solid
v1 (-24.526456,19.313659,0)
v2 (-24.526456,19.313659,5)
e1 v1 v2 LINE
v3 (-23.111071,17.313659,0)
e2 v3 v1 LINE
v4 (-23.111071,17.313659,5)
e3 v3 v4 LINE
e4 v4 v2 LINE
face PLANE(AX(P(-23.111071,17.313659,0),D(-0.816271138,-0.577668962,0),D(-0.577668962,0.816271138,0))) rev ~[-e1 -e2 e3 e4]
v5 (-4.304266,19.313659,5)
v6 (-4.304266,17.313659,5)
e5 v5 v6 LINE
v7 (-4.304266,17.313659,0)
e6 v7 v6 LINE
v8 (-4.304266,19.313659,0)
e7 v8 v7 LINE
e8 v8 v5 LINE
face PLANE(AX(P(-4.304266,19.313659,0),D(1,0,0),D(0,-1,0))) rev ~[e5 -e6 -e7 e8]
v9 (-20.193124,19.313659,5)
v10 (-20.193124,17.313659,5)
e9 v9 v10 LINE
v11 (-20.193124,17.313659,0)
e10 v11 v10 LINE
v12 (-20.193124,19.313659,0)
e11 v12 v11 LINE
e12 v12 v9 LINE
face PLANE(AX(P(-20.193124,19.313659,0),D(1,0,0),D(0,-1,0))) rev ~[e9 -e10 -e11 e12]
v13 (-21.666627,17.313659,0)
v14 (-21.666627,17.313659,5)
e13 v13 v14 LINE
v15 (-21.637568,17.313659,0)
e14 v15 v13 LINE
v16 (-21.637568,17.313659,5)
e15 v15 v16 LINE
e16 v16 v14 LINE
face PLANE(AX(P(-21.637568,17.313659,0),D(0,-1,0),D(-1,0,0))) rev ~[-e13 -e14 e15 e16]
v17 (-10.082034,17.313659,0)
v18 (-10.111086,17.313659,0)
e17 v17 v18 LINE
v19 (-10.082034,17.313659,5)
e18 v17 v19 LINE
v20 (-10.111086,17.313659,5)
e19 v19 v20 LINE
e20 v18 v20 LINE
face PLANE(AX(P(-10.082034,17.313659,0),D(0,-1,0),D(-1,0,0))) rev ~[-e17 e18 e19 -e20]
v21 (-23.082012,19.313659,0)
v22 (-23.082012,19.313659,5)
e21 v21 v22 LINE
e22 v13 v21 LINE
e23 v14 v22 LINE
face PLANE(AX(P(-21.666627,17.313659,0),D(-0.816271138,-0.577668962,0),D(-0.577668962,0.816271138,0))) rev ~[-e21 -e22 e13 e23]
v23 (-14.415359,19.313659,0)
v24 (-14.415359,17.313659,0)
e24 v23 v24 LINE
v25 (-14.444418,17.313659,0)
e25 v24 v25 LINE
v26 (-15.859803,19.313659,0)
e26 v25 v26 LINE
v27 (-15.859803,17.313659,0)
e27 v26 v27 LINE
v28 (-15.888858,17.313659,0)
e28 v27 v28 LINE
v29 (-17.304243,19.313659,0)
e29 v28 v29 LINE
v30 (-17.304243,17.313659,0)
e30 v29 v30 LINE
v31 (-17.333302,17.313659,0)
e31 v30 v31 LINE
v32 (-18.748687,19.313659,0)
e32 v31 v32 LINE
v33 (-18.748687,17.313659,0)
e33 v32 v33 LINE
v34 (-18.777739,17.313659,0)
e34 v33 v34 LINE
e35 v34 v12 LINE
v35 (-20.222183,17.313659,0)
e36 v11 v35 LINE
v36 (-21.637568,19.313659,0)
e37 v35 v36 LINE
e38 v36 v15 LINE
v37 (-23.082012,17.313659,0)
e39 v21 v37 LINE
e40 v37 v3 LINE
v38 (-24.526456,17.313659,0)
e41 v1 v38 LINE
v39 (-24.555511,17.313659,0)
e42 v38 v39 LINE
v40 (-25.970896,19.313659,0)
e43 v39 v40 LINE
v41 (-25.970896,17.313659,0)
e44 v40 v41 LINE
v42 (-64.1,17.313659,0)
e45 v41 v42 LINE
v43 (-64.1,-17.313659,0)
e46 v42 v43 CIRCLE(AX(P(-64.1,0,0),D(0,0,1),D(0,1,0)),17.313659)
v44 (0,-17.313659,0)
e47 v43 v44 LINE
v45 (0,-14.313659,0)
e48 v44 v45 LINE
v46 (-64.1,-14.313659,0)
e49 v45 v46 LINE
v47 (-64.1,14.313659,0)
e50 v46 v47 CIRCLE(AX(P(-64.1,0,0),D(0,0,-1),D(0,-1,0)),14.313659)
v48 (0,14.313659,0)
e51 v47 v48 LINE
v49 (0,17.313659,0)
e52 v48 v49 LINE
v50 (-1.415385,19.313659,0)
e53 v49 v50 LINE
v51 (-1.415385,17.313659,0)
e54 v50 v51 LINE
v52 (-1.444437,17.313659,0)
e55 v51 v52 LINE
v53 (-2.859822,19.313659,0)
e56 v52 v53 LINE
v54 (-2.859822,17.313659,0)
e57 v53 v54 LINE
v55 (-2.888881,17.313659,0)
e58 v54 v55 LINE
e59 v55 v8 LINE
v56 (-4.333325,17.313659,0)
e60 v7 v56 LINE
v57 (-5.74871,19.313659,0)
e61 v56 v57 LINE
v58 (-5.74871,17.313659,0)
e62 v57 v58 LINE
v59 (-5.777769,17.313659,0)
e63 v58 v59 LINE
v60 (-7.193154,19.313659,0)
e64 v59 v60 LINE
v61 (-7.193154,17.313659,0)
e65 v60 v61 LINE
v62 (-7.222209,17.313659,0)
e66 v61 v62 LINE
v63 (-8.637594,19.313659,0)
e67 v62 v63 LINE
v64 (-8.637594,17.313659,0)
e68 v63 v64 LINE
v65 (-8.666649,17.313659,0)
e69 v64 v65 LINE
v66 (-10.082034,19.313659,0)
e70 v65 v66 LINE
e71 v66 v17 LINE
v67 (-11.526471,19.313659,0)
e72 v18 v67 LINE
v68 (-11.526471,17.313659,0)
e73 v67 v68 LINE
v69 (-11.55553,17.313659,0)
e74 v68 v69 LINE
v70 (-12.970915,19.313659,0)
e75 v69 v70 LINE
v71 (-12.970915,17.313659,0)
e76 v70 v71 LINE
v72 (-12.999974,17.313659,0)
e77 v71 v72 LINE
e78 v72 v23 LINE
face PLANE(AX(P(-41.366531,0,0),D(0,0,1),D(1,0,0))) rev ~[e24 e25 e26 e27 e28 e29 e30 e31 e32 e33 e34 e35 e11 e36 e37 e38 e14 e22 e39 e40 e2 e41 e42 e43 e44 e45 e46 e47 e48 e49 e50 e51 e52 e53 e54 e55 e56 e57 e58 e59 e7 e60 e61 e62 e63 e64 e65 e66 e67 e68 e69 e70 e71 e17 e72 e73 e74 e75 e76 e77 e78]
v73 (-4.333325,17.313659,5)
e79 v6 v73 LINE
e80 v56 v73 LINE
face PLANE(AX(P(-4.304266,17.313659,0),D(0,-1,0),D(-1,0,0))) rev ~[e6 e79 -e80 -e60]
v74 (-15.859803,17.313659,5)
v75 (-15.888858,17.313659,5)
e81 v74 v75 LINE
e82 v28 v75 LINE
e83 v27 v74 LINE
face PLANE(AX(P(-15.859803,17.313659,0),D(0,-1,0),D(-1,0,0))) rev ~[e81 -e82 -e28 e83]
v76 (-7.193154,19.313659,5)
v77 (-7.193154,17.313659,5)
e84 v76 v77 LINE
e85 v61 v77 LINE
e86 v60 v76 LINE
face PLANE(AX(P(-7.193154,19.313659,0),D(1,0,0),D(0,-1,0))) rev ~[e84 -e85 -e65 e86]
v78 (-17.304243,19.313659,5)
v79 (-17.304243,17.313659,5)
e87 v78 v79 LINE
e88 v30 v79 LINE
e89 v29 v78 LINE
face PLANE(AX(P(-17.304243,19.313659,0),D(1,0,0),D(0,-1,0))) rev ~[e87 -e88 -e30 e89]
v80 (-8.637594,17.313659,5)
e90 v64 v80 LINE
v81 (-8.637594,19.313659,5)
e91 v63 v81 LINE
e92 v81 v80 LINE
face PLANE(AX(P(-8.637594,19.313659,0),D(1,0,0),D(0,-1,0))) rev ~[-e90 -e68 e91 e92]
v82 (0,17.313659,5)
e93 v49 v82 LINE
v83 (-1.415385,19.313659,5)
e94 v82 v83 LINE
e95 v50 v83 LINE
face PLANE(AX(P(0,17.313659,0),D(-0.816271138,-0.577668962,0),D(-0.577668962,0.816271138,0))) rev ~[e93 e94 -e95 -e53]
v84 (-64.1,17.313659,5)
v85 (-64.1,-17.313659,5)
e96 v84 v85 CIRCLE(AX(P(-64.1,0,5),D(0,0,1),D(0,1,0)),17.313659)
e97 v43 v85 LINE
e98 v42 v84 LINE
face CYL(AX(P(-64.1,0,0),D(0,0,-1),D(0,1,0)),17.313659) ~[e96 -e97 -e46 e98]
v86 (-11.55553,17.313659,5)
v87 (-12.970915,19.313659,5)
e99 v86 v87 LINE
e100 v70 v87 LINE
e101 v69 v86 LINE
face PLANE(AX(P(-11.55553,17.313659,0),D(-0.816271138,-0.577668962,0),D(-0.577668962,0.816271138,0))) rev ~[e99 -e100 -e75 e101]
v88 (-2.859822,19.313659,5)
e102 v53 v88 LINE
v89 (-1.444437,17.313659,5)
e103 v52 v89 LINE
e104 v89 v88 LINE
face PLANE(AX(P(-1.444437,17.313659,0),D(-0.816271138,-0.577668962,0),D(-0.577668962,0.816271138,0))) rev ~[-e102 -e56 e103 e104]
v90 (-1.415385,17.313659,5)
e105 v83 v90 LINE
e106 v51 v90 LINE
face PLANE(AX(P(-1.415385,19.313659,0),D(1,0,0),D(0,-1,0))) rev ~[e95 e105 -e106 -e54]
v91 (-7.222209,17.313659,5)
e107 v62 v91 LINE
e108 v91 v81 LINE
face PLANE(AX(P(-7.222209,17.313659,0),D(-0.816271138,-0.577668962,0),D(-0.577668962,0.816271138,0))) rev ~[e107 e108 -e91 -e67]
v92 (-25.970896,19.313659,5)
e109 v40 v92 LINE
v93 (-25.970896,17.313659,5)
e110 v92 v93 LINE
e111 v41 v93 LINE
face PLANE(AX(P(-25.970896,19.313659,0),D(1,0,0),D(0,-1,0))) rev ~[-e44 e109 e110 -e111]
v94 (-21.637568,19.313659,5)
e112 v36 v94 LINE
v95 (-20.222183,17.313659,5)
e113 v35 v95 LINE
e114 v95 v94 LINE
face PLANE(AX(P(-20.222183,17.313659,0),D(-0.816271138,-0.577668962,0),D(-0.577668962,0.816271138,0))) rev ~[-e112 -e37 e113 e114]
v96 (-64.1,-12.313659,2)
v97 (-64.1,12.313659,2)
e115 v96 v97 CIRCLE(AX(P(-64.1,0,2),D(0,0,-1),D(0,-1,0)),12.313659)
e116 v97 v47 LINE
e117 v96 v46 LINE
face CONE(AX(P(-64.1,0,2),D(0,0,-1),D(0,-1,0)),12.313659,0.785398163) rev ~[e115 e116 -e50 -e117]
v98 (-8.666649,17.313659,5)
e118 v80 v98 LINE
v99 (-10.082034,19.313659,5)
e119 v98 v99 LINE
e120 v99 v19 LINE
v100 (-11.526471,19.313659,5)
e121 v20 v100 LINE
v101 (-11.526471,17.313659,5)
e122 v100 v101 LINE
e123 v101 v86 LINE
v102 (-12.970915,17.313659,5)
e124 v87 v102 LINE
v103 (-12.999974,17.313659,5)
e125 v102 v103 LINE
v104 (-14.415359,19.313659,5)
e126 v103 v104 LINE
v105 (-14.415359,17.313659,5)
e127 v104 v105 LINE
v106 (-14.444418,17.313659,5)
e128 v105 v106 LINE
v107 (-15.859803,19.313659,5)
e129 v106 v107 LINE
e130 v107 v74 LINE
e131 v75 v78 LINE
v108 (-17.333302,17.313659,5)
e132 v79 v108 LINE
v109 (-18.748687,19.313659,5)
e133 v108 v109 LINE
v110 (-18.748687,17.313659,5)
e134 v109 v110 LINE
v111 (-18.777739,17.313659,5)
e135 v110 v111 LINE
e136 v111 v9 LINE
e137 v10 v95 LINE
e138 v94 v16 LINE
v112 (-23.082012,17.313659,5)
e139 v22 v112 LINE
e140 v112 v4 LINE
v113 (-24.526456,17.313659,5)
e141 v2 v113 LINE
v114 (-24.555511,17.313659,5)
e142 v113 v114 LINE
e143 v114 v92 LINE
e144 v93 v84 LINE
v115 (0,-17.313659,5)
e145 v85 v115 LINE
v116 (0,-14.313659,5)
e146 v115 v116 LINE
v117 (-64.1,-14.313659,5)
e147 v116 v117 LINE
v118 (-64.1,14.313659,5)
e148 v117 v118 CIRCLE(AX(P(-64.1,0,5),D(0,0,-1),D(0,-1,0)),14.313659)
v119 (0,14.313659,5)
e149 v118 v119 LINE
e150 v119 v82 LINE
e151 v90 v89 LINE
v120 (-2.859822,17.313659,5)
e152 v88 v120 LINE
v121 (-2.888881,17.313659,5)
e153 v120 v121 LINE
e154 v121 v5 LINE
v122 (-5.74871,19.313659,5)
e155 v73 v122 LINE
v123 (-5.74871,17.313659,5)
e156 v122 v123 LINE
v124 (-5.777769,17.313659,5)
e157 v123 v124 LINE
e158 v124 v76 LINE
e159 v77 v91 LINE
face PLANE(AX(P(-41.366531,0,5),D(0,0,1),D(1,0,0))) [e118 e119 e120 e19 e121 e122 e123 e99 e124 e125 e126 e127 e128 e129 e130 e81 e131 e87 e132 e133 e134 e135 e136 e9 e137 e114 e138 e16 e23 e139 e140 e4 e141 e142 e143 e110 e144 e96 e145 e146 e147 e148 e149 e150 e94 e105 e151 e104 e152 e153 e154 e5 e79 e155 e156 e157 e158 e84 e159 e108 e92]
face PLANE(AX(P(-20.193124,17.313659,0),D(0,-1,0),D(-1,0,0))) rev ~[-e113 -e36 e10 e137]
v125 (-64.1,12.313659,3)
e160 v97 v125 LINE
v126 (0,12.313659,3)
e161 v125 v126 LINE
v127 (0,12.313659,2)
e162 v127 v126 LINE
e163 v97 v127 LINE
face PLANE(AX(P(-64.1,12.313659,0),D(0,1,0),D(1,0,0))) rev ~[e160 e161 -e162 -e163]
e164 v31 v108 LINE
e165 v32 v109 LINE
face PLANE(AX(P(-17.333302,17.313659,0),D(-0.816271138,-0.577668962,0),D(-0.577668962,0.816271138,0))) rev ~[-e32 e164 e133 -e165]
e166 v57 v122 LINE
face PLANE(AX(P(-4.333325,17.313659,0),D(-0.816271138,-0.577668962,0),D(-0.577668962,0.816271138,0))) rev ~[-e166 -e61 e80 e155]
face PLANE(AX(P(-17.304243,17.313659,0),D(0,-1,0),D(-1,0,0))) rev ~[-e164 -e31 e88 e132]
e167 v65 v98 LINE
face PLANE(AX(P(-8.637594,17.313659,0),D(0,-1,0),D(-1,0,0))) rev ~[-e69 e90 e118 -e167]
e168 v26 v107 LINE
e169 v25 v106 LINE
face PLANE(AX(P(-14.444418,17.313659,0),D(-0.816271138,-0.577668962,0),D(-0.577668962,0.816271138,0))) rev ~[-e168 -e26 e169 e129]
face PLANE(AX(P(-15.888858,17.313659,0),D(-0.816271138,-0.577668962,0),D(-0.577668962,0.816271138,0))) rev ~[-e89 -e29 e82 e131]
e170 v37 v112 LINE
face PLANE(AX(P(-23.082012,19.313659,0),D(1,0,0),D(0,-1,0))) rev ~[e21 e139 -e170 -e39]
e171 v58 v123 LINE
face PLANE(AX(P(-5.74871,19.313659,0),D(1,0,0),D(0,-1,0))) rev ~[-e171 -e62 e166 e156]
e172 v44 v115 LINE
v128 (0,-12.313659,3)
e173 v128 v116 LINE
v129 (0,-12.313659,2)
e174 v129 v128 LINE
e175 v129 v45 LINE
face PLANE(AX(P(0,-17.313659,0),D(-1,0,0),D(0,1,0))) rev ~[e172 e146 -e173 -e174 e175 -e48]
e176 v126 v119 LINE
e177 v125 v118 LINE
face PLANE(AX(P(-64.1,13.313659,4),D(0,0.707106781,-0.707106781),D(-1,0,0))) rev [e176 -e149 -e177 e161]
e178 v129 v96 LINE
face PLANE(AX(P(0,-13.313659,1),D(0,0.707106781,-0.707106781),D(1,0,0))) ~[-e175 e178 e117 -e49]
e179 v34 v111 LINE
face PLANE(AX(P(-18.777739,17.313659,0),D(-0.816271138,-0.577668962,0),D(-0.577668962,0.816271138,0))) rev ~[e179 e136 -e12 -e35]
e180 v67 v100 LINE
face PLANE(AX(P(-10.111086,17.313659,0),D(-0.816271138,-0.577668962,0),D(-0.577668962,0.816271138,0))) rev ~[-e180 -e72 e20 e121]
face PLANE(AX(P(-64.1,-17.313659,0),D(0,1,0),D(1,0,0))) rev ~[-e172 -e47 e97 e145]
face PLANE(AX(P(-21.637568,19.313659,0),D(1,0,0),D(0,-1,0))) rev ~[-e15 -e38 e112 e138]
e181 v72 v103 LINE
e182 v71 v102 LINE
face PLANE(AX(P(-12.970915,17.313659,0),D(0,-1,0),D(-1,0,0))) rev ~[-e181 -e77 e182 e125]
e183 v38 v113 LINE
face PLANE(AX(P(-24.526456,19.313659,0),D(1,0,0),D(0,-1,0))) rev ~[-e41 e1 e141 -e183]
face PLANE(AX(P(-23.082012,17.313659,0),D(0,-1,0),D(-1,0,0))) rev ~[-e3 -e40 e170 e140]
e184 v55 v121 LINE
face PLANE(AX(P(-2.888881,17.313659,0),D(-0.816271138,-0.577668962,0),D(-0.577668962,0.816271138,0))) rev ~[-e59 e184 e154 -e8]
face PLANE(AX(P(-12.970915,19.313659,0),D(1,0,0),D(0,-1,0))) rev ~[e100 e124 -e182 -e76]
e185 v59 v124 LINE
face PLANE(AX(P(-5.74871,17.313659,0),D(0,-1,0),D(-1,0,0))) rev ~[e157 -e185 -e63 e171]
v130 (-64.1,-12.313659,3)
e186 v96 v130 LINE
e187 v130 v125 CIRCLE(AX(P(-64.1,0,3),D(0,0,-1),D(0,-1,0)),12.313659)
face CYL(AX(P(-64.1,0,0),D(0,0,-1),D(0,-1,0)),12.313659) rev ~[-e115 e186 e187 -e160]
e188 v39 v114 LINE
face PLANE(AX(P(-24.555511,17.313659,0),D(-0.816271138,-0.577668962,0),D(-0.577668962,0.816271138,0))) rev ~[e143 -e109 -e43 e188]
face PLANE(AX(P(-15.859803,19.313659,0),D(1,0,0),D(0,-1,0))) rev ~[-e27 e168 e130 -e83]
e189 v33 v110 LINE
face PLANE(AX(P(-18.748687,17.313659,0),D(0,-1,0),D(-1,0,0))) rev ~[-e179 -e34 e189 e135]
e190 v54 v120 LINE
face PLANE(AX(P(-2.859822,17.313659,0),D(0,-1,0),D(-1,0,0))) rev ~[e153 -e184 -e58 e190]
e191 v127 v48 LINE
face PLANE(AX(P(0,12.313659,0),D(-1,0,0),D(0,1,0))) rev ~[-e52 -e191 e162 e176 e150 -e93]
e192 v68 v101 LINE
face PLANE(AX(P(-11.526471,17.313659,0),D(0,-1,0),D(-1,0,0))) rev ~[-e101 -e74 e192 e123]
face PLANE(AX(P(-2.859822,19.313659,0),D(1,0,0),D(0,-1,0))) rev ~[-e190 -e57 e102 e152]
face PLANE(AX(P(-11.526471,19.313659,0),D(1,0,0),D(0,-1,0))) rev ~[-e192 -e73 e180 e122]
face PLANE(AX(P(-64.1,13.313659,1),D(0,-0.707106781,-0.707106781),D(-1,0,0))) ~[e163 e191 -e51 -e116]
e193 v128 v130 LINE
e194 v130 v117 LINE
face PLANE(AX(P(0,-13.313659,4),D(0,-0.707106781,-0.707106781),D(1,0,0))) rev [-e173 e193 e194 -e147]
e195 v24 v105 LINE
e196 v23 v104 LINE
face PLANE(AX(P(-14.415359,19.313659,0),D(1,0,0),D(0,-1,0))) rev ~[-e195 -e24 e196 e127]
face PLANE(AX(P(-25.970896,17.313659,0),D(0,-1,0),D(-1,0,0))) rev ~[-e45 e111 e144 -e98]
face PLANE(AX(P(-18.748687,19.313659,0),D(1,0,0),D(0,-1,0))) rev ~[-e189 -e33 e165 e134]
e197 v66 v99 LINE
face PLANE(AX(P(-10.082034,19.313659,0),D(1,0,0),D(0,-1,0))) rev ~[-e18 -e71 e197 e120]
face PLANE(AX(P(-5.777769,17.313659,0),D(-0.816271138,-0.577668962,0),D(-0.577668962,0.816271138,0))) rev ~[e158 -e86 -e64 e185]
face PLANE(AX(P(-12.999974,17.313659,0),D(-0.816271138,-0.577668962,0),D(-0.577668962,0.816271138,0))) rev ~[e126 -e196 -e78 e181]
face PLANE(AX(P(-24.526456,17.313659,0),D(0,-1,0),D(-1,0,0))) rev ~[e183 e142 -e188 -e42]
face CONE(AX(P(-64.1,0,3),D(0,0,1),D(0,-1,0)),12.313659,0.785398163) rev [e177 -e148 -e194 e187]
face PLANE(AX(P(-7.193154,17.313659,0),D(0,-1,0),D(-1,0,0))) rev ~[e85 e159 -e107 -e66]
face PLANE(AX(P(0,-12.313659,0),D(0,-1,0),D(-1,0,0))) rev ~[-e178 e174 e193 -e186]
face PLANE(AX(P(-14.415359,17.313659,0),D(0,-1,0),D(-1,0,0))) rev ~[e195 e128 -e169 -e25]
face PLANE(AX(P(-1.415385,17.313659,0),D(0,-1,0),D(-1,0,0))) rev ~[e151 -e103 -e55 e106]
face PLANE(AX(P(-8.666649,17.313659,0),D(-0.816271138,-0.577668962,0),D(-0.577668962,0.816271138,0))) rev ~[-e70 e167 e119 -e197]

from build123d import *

# Parameters (mm, degrees)
F1_DEPTH = 5
F2_SIZE  = 2


with BuildPart() as f1:
    # F0 (on Top) → F1 (new body)
    with BuildSketch(Plane.XY):
        with BuildLine():
            ThreePointArc((-64.1, -12.313659), (-76.413659, 0), (-64.1, 12.313659))
            Line((-64.1, 12.313659), (0, 12.313659))
            Line((0, 12.313659), (0, 17.313659))
            Line((0, 17.313659), (-1.415385, 17.313659))
            Line((-1.415385, 17.313659), (-1.444437, 17.313659))
            Line((-1.444437, 17.313659), (-2.859822, 17.313659))
            Line((-2.859822, 17.313659), (-2.888881, 17.313659))
            Line((-2.888881, 17.313659), (-4.304266, 17.313659))
            Line((-4.304266, 17.313659), (-4.333325, 17.313659))
            Line((-4.333325, 17.313659), (-5.74871, 17.313659))
            Line((-5.74871, 17.313659), (-5.777769, 17.313659))
            Line((-5.777769, 17.313659), (-7.193154, 17.313659))
            Line((-7.193154, 17.313659), (-7.222209, 17.313659))
            Line((-7.222209, 17.313659), (-8.637594, 17.313659))
            Line((-8.637594, 17.313659), (-8.666649, 17.313659))
            Line((-8.666649, 17.313659), (-10.082034, 17.313659))
            Line((-10.082034, 17.313659), (-10.111086, 17.313659))
            Line((-10.111086, 17.313659), (-11.526471, 17.313659))
            Line((-11.526471, 17.313659), (-11.55553, 17.313659))
            Line((-11.55553, 17.313659), (-12.970915, 17.313659))
            Line((-12.970915, 17.313659), (-12.999974, 17.313659))
            Line((-12.999974, 17.313659), (-14.415359, 17.313659))
            Line((-14.415359, 17.313659), (-14.444418, 17.313659))
            Line((-14.444418, 17.313659), (-15.859803, 17.313659))
            Line((-15.859803, 17.313659), (-15.888858, 17.313659))
            Line((-15.888858, 17.313659), (-17.304243, 17.313659))
            Line((-17.304243, 17.313659), (-17.333302, 17.313659))
            Line((-17.333302, 17.313659), (-18.748687, 17.313659))
            Line((-18.748687, 17.313659), (-18.777739, 17.313659))
            Line((-18.777739, 17.313659), (-20.193124, 17.313659))
            Line((-20.193124, 17.313659), (-20.222183, 17.313659))
            Line((-20.222183, 17.313659), (-21.637568, 17.313659))
            Line((-21.637568, 17.313659), (-21.666627, 17.313659))
            Line((-21.666627, 17.313659), (-23.082012, 17.313659))
            Line((-23.082012, 17.313659), (-23.111071, 17.313659))
            Line((-23.111071, 17.313659), (-24.526456, 17.313659))
            Line((-24.526456, 17.313659), (-24.555511, 17.313659))
            Line((-24.555511, 17.313659), (-25.970896, 17.313659))
            Line((-25.970896, 17.313659), (-64.1, 17.313659))
            ThreePointArc((-64.1, 17.313659), (-81.413659, 0), (-64.1, -17.313659))
            Line((-64.1, -17.313659), (0, -17.313659))
            Line((0, -17.313659), (0, -12.313659))
            Line((0, -12.313659), (-64.1, -12.313659))
        make_face()
        Polygon((-8.637594, 17.313659), (-7.222209, 17.313659), (-8.637594, 19.313659), align=None)
        Polygon((-11.526471, 17.313659), (-10.111086, 17.313659), (-11.526471, 19.313659), align=None)
        Polygon((-10.082034, 17.313659), (-8.666649, 17.313659), (-10.082034, 19.313659), align=None)
        Polygon((-12.970915, 17.313659), (-11.55553, 17.313659), (-12.970915, 19.313659), align=None)
        Polygon((-1.415385, 17.313659), (0, 17.313659), (-1.415385, 19.313659), align=None)
        Polygon((-21.637568, 19.313659), (-21.637568, 17.313659), (-20.222183, 17.313659), align=None)
        Polygon((-14.415359, 17.313659), (-12.999974, 17.313659), (-14.415359, 19.313659), align=None)
        Polygon((-7.193154, 17.313659), (-5.777769, 17.313659), (-7.193154, 19.313659), align=None)
        Polygon((-15.859803, 19.313659), (-15.859803, 17.313659), (-14.444418, 17.313659), align=None)
        Polygon((-17.304243, 19.313659), (-17.304243, 17.313659), (-15.888858, 17.313659), align=None)
        Polygon((-18.748687, 19.313659), (-18.748687, 17.313659), (-17.333302, 17.313659), align=None)
        Polygon((-20.193124, 19.313659), (-20.193124, 17.313659), (-18.777739, 17.313659), align=None)
        Polygon((-4.304266, 17.313659), (-2.888881, 17.313659), (-4.304266, 19.313659), align=None)
        Polygon((-23.082012, 19.313659), (-23.082012, 17.313659), (-21.666627, 17.313659), align=None)
        Polygon((-24.526456, 19.313659), (-24.526456, 17.313659), (-23.111071, 17.313659), align=None)
        Polygon((-25.970896, 19.313659), (-25.970896, 17.313659), (-24.555511, 17.313659), align=None)
        Polygon((-2.859822, 17.313659), (-1.444437, 17.313659), (-2.859822, 19.313659), align=None)
        Polygon((-5.74871, 17.313659), (-4.333325, 17.313659), (-5.74871, 19.313659), align=None)
    extrude(amount=F1_DEPTH)

    # F2
    f2_edges = [f1.edges().sort_by_distance(p)[0] for p in [
        (-64.1, -12.313659, 2.5),
        (-64.1, 12.313659, 2.5),
        (-76.413659, 0, 0),
        (-76.413659, 0, 5),
    ]]
    chamfer(f2_edges, length=F2_SIZE)


solid = f1.part
